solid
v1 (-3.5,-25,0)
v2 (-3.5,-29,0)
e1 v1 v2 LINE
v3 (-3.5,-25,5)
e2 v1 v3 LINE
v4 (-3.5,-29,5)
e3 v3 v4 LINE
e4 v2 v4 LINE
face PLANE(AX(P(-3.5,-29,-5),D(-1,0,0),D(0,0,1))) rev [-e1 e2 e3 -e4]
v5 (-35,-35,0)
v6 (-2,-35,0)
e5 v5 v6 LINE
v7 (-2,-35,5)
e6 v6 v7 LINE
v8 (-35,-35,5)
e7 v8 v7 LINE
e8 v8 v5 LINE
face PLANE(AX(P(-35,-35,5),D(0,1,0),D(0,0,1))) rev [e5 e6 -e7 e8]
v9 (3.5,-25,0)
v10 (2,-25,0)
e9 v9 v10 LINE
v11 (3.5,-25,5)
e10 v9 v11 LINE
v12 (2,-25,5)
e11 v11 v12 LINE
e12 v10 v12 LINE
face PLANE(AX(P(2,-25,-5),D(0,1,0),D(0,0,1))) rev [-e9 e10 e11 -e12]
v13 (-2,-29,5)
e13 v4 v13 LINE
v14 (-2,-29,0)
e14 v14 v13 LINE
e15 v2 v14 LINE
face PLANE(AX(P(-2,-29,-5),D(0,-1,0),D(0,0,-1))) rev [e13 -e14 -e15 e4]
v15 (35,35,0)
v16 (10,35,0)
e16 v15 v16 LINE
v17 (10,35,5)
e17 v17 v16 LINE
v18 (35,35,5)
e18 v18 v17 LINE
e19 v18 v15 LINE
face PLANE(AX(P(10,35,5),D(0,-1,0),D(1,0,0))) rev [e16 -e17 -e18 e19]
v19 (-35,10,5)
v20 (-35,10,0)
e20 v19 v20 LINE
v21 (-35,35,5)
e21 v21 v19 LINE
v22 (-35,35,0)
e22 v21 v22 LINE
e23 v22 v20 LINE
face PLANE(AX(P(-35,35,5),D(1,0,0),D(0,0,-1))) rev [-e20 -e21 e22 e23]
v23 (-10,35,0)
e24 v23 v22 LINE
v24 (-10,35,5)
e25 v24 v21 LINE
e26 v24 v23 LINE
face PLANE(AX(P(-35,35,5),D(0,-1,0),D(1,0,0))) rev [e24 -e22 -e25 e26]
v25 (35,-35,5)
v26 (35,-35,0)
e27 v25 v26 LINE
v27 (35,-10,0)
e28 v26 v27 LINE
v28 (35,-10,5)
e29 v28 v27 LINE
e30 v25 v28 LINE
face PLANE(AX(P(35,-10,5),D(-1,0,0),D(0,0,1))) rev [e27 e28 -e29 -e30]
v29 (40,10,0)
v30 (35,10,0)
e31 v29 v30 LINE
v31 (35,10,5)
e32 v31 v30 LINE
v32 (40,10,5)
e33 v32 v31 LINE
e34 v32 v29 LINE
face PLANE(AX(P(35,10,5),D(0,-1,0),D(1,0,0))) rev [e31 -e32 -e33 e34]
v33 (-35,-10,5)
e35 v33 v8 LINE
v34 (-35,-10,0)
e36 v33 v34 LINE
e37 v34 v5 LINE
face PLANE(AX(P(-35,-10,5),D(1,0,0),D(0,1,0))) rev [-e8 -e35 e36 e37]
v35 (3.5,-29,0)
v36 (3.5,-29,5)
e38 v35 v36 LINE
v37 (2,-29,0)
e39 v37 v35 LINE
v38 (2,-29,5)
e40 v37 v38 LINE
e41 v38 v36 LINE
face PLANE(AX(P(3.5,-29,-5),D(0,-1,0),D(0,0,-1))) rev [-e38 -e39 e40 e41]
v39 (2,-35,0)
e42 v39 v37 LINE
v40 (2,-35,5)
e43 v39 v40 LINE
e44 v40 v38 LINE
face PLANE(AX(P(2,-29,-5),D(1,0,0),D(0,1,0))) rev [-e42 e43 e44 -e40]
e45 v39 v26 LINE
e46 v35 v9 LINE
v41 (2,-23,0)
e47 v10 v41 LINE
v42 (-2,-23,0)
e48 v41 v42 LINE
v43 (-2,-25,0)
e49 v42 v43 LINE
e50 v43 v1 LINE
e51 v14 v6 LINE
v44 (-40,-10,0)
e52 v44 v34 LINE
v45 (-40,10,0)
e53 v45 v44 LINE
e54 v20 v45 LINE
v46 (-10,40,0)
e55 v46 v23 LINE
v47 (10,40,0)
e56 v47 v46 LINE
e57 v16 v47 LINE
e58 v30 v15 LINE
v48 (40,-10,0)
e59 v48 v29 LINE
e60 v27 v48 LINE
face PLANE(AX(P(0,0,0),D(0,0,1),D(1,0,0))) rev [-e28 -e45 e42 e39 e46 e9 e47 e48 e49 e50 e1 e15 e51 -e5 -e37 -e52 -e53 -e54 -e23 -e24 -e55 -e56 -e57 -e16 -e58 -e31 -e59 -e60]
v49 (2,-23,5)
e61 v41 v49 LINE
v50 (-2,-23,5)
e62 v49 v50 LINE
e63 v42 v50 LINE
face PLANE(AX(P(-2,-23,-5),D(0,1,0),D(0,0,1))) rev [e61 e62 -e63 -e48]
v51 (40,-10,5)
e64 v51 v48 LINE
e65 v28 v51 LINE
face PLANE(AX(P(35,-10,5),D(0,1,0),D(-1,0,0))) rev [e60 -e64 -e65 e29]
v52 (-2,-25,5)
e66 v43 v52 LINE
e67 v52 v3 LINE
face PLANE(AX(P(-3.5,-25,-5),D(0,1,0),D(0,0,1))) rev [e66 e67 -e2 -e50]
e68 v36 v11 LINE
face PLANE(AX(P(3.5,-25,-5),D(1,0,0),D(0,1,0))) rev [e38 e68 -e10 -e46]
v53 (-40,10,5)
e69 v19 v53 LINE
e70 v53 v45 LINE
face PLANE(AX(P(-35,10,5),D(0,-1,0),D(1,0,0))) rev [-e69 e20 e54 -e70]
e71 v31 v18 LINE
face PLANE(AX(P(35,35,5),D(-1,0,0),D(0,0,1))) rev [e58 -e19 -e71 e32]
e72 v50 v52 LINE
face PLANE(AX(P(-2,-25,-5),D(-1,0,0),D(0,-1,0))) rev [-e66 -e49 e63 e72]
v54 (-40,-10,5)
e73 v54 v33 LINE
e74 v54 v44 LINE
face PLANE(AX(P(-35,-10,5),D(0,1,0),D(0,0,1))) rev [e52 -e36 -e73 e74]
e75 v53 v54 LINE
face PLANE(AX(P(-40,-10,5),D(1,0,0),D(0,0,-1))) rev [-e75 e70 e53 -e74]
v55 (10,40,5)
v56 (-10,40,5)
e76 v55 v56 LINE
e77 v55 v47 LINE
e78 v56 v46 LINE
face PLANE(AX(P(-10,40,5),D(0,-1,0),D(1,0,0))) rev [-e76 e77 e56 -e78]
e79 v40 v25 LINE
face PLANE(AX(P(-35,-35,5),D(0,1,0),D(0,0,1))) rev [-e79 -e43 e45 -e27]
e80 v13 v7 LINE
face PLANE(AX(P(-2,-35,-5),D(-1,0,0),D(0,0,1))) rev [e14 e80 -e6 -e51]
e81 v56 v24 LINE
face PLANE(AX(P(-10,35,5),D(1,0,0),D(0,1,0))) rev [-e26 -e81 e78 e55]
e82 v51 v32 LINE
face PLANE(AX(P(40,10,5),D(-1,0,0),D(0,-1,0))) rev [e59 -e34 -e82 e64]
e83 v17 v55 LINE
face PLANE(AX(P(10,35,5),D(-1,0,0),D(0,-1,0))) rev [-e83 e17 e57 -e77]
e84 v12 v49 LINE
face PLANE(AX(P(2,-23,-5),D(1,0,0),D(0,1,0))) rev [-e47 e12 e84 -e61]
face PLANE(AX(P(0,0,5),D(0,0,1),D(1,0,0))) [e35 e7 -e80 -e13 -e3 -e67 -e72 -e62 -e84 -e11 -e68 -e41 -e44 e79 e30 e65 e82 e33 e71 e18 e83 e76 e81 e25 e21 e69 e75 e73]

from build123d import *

# Parameters (mm, degrees)
BOSS_EXTRUDE1_DEPTH = 5
CUT_EXTRUDE1_DEPTH  = 10


with BuildPart() as part:
    # Sketch1 → Boss-Extrude1 (new body)
    with BuildSketch(Plane.XY):
        Polygon((-35, 35), (-10, 35), (-10, 40), (10, 40), (10, 35), (35, 35), (35, 10), (40, 10), (40, -10), (35, -10), (35, -35), (-35, -35), (-35, -10), (-40, -10), (-40, 10), (-35, 10), align=None)
    extrude(amount=BOSS_EXTRUDE1_DEPTH)

    # Sketch2 → Cut-Extrude1 (cut)
    with BuildSketch(Plane.XY.offset(5)):
        Polygon((-2, -35), (-2, -29), (-3.5, -29), (-3.5, -25), (-2, -25), (-2, -23), (2, -23), (2, -25), (3.5, -25), (3.5, -29), (2, -29), (2, -35), align=None)
    extrude(amount=-CUT_EXTRUDE1_DEPTH, mode=Mode.SUBTRACT)


solid = part.part
